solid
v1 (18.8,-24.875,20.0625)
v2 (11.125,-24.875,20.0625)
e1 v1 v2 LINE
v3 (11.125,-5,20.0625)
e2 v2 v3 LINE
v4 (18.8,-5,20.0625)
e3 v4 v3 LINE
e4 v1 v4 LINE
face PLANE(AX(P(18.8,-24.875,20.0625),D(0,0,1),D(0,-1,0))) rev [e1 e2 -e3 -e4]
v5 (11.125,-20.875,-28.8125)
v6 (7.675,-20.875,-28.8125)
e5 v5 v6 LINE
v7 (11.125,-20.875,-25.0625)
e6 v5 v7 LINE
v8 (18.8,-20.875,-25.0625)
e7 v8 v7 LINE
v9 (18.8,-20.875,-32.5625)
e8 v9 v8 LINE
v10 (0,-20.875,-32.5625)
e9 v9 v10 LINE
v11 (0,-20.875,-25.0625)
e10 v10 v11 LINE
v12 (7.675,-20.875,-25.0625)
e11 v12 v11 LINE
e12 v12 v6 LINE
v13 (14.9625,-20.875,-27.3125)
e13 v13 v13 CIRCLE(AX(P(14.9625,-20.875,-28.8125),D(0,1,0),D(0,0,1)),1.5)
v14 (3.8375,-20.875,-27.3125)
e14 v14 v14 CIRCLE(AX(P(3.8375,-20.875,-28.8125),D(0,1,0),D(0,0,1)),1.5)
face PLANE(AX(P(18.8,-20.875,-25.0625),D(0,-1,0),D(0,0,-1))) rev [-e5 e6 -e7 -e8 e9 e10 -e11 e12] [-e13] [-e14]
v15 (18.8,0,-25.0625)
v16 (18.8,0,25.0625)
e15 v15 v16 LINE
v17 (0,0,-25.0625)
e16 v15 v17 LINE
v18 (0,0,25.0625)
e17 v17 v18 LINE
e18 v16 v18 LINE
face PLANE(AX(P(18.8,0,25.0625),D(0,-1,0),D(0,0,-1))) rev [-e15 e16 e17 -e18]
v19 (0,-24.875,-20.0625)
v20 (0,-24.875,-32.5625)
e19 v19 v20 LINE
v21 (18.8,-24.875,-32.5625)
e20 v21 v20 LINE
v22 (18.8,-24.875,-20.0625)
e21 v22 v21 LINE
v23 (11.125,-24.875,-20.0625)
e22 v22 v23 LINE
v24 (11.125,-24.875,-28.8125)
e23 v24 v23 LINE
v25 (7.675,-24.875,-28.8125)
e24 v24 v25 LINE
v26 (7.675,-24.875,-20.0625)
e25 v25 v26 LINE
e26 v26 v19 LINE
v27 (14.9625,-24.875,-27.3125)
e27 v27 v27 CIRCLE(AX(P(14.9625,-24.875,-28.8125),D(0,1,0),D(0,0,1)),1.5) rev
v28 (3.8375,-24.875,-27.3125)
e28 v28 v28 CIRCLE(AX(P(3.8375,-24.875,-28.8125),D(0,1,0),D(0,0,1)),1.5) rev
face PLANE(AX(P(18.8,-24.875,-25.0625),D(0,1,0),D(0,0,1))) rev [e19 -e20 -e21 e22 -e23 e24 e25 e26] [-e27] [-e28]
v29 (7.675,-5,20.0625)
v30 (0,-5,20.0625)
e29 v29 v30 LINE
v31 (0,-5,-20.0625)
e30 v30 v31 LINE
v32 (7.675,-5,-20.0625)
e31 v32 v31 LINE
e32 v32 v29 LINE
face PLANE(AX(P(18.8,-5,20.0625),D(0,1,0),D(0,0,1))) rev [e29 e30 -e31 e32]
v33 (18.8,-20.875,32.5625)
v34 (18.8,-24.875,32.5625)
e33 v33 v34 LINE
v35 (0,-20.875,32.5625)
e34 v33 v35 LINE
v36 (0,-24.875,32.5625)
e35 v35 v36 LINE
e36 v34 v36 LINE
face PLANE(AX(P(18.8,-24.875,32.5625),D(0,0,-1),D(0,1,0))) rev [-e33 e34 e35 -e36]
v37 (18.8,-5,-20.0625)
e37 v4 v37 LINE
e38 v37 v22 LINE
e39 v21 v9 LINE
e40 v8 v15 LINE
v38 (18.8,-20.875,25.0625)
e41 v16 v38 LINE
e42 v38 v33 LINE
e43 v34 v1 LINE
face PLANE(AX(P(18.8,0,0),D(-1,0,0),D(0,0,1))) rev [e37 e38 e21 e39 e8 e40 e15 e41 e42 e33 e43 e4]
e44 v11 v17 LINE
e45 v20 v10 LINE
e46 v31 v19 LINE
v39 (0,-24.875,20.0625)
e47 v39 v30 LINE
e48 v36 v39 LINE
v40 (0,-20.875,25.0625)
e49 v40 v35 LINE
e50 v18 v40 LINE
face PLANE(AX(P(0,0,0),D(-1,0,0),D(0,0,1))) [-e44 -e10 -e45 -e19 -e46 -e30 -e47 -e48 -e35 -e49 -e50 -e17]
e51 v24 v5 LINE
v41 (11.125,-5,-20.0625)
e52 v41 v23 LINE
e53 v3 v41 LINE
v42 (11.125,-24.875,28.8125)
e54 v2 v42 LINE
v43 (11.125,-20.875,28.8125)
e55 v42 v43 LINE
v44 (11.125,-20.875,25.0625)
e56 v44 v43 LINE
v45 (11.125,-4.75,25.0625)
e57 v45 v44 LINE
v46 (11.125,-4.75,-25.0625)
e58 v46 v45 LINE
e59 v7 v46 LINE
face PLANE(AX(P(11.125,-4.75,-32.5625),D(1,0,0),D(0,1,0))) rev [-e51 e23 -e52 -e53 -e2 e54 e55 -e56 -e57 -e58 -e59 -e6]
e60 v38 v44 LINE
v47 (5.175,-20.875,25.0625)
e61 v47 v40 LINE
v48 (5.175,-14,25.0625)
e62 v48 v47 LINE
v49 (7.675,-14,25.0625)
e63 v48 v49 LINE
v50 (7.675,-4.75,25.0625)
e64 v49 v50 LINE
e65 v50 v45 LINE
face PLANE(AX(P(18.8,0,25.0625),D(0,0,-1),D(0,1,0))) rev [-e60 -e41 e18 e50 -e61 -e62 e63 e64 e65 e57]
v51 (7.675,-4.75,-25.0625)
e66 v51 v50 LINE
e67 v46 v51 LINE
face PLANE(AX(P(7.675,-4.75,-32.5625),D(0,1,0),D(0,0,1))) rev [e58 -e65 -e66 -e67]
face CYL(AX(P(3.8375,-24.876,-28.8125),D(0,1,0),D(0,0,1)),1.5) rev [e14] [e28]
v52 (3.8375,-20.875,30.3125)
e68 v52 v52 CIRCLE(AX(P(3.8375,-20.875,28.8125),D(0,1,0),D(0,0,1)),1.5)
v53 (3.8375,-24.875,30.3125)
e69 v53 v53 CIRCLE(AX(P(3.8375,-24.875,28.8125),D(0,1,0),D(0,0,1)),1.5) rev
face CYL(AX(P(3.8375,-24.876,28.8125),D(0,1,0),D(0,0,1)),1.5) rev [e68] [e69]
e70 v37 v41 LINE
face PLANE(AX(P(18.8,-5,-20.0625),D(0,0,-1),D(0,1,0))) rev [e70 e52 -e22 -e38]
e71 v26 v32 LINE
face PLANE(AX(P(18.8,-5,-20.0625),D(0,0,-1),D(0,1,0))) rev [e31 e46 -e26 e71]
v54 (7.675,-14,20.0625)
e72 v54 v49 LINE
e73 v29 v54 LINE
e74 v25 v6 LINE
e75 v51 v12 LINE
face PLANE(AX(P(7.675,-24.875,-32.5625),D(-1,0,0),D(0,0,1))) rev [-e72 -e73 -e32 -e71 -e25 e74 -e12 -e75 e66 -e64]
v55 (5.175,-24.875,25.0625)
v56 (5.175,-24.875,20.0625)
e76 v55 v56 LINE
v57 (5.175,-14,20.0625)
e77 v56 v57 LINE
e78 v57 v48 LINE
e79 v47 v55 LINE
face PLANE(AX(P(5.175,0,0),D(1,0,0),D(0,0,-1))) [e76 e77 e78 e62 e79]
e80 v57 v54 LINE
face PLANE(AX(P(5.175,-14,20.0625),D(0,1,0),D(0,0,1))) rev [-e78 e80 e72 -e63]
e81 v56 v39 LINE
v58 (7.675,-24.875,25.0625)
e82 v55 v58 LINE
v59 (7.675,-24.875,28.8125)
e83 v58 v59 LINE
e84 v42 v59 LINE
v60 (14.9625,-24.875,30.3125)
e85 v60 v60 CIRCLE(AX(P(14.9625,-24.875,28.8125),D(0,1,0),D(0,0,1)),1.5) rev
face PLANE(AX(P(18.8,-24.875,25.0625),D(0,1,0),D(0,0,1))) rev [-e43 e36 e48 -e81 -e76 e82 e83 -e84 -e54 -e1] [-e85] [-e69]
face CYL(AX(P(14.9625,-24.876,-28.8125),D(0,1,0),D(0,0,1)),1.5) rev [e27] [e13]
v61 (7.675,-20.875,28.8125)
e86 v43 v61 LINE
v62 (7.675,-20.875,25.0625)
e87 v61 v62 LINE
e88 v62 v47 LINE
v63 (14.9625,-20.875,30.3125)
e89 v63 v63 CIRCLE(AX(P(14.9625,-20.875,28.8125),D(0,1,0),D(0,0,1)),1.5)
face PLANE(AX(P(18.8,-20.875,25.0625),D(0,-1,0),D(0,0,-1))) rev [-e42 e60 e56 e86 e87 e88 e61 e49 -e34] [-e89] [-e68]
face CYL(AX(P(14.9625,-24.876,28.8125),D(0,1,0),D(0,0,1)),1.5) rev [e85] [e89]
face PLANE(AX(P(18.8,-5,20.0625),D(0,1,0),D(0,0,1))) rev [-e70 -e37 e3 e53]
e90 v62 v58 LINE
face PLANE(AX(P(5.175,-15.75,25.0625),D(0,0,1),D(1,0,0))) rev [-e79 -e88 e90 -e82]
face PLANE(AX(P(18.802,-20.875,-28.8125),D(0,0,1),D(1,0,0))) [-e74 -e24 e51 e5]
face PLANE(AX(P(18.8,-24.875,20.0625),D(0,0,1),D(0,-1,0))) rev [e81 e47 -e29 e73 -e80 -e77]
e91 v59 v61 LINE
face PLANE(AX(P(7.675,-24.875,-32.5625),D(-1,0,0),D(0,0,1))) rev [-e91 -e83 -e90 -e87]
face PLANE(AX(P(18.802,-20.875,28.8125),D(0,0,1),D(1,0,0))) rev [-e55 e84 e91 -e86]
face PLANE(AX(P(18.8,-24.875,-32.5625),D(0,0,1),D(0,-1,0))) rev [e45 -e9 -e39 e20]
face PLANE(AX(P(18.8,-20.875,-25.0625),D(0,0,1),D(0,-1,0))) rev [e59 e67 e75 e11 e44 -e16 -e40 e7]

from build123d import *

# Parameters (mm, degrees)
BOSS_EXTRUDE1_DEPTH = 18.8
SKETCH2_W           = 3.45
SKETCH2_H           = 20.125
CUT_EXTRUDE1_DEPTH  = 73.204371405
CUT_EXTRUDE2_REACH  = 45.006
SKETCH3_R           = 1.5
BOSS_EXTRUDE2_REACH = 44.46
SKETCH7_W           = 3.75
SKETCH7_H           = 4
CUT_EXTRUDE8_DEPTH  = 2.5


with BuildPart() as part:
    # Sketch1 → Boss-Extrude1 (new body)
    with BuildSketch(Plane(origin=(0, 0, 0), x_dir=(0, 0, -1), z_dir=(1, 0, 0))):
        Polygon((-25.0625, 0), (25.0625, 0), (25.0625, -20.875), (32.5625, -20.875), (32.5625, -24.875), (25.0625, -24.875), (20.0625, -24.875), (20.0625, -5), (-20.0625, -5), (-20.0625, -24.875), (-25.0625, -24.875), (-32.5625, -24.875), (-32.5625, -20.875), (-25.0625, -20.875), align=None)
    extrude(amount=BOSS_EXTRUDE1_DEPTH)

    # Sketch2 → Cut-Extrude1 (cut, through all)
    with BuildSketch(Plane.XY.offset(32.5625)):
        with Locations((9.4, -14.8125)):
            Rectangle(SKETCH2_W, SKETCH2_H)
    extrude(amount=-CUT_EXTRUDE1_DEPTH, mode=Mode.SUBTRACT)

    # Sketch3 → Cut-Extrude2 (cut, up to next)
    with BuildSketch(Plane(origin=(0, -20.875, 0), x_dir=(1, 0, 0), z_dir=(0, 1, 0)), mode=Mode.PRIVATE) as cut_extrude2_sk1:
        with Locations(Location((3.8375, -28.8125, 0), (0, 0, 270))):
            Circle(SKETCH3_R)
    cut_extrude2_tool1 = extrude(cut_extrude2_sk1.sketch, amount=-CUT_EXTRUDE2_REACH, mode=Mode.PRIVATE) & part.part
    # Sketch3 → Cut-Extrude2 (cut, up to next)
    with BuildSketch(Plane(origin=(0, -20.875, 0), x_dir=(1, 0, 0), z_dir=(0, 1, 0)), mode=Mode.PRIVATE) as cut_extrude2_sk2:
        with Locations(Location((14.9625, -28.8125, 0), (0, 0, 270))):
            Circle(SKETCH3_R)
    cut_extrude2_tool2 = extrude(cut_extrude2_sk2.sketch, amount=-CUT_EXTRUDE2_REACH, mode=Mode.PRIVATE) & part.part
    # Sketch3 → Cut-Extrude2 (cut, up to next)
    with BuildSketch(Plane(origin=(0, -20.875, 0), x_dir=(1, 0, 0), z_dir=(0, 1, 0)), mode=Mode.PRIVATE) as cut_extrude2_sk3:
        with Locations(Location((14.9625, 28.8125, 0), (0, 0, 270))):
            Circle(SKETCH3_R)
    cut_extrude2_tool3 = extrude(cut_extrude2_sk3.sketch, amount=-CUT_EXTRUDE2_REACH, mode=Mode.PRIVATE) & part.part
    # Sketch3 → Cut-Extrude2 (cut, up to next)
    with BuildSketch(Plane(origin=(0, -20.875, 0), x_dir=(1, 0, 0), z_dir=(0, 1, 0)), mode=Mode.PRIVATE) as cut_extrude2_sk4:
        with Locations(Location((3.8375, 28.8125, 0), (0, 0, 270))):
            Circle(SKETCH3_R)
    cut_extrude2_tool4 = extrude(cut_extrude2_sk4.sketch, amount=-CUT_EXTRUDE2_REACH, mode=Mode.PRIVATE) & part.part
    add(cut_extrude2_tool1.solids().sort_by_distance((3.8375, -20.875, 28.8125))[0], mode=Mode.SUBTRACT)
    add(cut_extrude2_tool2.solids().sort_by_distance((14.9625, -20.875, 28.8125))[0], mode=Mode.SUBTRACT)
    add(cut_extrude2_tool3.solids().sort_by_distance((14.9625, -20.875, -28.8125))[0], mode=Mode.SUBTRACT)
    add(cut_extrude2_tool4.solids().sort_by_distance((3.8375, -20.875, -28.8125))[0], mode=Mode.SUBTRACT)

    # Sketch7 → Boss-Extrude2 (add, up to next)
    with BuildSketch(Plane(origin=(7.675, 0, 0), x_dir=(0, 0, -1), z_dir=(1, 0, 0)), mode=Mode.PRIVATE) as boss_extrude2_sk1:
        with Locations((-30.6875, -22.875)):
            Rectangle(SKETCH7_W, SKETCH7_H)
    boss_extrude2_tool1 = extrude(boss_extrude2_sk1.sketch, amount=BOSS_EXTRUDE2_REACH, mode=Mode.PRIVATE) - part.part
    boss_extrude2 = boss_extrude2_tool1.solids().sort_by_distance((7.675, -22.875, 30.6875))[0]
    add(boss_extrude2)

    # Mirror1: Boss-Extrude2 across plane
    add(boss_extrude2.mirror(Plane.XY))

    # Sketch4 → Cut-Extrude8 (cut)
    with BuildSketch(Plane(origin=(7.675, 0, 0), x_dir=(0, 0, -1), z_dir=(1, 0, 0))):
        Polygon((-20.0625, -24.875), (-20.0625, -15.75), (-20.0625, -14), (-25.0625, -14), (-25.0625, -15.75), (-25.0625, -24.875), align=None)
    extrude(amount=-CUT_EXTRUDE8_DEPTH, mode=Mode.SUBTRACT)


solid = part.part
